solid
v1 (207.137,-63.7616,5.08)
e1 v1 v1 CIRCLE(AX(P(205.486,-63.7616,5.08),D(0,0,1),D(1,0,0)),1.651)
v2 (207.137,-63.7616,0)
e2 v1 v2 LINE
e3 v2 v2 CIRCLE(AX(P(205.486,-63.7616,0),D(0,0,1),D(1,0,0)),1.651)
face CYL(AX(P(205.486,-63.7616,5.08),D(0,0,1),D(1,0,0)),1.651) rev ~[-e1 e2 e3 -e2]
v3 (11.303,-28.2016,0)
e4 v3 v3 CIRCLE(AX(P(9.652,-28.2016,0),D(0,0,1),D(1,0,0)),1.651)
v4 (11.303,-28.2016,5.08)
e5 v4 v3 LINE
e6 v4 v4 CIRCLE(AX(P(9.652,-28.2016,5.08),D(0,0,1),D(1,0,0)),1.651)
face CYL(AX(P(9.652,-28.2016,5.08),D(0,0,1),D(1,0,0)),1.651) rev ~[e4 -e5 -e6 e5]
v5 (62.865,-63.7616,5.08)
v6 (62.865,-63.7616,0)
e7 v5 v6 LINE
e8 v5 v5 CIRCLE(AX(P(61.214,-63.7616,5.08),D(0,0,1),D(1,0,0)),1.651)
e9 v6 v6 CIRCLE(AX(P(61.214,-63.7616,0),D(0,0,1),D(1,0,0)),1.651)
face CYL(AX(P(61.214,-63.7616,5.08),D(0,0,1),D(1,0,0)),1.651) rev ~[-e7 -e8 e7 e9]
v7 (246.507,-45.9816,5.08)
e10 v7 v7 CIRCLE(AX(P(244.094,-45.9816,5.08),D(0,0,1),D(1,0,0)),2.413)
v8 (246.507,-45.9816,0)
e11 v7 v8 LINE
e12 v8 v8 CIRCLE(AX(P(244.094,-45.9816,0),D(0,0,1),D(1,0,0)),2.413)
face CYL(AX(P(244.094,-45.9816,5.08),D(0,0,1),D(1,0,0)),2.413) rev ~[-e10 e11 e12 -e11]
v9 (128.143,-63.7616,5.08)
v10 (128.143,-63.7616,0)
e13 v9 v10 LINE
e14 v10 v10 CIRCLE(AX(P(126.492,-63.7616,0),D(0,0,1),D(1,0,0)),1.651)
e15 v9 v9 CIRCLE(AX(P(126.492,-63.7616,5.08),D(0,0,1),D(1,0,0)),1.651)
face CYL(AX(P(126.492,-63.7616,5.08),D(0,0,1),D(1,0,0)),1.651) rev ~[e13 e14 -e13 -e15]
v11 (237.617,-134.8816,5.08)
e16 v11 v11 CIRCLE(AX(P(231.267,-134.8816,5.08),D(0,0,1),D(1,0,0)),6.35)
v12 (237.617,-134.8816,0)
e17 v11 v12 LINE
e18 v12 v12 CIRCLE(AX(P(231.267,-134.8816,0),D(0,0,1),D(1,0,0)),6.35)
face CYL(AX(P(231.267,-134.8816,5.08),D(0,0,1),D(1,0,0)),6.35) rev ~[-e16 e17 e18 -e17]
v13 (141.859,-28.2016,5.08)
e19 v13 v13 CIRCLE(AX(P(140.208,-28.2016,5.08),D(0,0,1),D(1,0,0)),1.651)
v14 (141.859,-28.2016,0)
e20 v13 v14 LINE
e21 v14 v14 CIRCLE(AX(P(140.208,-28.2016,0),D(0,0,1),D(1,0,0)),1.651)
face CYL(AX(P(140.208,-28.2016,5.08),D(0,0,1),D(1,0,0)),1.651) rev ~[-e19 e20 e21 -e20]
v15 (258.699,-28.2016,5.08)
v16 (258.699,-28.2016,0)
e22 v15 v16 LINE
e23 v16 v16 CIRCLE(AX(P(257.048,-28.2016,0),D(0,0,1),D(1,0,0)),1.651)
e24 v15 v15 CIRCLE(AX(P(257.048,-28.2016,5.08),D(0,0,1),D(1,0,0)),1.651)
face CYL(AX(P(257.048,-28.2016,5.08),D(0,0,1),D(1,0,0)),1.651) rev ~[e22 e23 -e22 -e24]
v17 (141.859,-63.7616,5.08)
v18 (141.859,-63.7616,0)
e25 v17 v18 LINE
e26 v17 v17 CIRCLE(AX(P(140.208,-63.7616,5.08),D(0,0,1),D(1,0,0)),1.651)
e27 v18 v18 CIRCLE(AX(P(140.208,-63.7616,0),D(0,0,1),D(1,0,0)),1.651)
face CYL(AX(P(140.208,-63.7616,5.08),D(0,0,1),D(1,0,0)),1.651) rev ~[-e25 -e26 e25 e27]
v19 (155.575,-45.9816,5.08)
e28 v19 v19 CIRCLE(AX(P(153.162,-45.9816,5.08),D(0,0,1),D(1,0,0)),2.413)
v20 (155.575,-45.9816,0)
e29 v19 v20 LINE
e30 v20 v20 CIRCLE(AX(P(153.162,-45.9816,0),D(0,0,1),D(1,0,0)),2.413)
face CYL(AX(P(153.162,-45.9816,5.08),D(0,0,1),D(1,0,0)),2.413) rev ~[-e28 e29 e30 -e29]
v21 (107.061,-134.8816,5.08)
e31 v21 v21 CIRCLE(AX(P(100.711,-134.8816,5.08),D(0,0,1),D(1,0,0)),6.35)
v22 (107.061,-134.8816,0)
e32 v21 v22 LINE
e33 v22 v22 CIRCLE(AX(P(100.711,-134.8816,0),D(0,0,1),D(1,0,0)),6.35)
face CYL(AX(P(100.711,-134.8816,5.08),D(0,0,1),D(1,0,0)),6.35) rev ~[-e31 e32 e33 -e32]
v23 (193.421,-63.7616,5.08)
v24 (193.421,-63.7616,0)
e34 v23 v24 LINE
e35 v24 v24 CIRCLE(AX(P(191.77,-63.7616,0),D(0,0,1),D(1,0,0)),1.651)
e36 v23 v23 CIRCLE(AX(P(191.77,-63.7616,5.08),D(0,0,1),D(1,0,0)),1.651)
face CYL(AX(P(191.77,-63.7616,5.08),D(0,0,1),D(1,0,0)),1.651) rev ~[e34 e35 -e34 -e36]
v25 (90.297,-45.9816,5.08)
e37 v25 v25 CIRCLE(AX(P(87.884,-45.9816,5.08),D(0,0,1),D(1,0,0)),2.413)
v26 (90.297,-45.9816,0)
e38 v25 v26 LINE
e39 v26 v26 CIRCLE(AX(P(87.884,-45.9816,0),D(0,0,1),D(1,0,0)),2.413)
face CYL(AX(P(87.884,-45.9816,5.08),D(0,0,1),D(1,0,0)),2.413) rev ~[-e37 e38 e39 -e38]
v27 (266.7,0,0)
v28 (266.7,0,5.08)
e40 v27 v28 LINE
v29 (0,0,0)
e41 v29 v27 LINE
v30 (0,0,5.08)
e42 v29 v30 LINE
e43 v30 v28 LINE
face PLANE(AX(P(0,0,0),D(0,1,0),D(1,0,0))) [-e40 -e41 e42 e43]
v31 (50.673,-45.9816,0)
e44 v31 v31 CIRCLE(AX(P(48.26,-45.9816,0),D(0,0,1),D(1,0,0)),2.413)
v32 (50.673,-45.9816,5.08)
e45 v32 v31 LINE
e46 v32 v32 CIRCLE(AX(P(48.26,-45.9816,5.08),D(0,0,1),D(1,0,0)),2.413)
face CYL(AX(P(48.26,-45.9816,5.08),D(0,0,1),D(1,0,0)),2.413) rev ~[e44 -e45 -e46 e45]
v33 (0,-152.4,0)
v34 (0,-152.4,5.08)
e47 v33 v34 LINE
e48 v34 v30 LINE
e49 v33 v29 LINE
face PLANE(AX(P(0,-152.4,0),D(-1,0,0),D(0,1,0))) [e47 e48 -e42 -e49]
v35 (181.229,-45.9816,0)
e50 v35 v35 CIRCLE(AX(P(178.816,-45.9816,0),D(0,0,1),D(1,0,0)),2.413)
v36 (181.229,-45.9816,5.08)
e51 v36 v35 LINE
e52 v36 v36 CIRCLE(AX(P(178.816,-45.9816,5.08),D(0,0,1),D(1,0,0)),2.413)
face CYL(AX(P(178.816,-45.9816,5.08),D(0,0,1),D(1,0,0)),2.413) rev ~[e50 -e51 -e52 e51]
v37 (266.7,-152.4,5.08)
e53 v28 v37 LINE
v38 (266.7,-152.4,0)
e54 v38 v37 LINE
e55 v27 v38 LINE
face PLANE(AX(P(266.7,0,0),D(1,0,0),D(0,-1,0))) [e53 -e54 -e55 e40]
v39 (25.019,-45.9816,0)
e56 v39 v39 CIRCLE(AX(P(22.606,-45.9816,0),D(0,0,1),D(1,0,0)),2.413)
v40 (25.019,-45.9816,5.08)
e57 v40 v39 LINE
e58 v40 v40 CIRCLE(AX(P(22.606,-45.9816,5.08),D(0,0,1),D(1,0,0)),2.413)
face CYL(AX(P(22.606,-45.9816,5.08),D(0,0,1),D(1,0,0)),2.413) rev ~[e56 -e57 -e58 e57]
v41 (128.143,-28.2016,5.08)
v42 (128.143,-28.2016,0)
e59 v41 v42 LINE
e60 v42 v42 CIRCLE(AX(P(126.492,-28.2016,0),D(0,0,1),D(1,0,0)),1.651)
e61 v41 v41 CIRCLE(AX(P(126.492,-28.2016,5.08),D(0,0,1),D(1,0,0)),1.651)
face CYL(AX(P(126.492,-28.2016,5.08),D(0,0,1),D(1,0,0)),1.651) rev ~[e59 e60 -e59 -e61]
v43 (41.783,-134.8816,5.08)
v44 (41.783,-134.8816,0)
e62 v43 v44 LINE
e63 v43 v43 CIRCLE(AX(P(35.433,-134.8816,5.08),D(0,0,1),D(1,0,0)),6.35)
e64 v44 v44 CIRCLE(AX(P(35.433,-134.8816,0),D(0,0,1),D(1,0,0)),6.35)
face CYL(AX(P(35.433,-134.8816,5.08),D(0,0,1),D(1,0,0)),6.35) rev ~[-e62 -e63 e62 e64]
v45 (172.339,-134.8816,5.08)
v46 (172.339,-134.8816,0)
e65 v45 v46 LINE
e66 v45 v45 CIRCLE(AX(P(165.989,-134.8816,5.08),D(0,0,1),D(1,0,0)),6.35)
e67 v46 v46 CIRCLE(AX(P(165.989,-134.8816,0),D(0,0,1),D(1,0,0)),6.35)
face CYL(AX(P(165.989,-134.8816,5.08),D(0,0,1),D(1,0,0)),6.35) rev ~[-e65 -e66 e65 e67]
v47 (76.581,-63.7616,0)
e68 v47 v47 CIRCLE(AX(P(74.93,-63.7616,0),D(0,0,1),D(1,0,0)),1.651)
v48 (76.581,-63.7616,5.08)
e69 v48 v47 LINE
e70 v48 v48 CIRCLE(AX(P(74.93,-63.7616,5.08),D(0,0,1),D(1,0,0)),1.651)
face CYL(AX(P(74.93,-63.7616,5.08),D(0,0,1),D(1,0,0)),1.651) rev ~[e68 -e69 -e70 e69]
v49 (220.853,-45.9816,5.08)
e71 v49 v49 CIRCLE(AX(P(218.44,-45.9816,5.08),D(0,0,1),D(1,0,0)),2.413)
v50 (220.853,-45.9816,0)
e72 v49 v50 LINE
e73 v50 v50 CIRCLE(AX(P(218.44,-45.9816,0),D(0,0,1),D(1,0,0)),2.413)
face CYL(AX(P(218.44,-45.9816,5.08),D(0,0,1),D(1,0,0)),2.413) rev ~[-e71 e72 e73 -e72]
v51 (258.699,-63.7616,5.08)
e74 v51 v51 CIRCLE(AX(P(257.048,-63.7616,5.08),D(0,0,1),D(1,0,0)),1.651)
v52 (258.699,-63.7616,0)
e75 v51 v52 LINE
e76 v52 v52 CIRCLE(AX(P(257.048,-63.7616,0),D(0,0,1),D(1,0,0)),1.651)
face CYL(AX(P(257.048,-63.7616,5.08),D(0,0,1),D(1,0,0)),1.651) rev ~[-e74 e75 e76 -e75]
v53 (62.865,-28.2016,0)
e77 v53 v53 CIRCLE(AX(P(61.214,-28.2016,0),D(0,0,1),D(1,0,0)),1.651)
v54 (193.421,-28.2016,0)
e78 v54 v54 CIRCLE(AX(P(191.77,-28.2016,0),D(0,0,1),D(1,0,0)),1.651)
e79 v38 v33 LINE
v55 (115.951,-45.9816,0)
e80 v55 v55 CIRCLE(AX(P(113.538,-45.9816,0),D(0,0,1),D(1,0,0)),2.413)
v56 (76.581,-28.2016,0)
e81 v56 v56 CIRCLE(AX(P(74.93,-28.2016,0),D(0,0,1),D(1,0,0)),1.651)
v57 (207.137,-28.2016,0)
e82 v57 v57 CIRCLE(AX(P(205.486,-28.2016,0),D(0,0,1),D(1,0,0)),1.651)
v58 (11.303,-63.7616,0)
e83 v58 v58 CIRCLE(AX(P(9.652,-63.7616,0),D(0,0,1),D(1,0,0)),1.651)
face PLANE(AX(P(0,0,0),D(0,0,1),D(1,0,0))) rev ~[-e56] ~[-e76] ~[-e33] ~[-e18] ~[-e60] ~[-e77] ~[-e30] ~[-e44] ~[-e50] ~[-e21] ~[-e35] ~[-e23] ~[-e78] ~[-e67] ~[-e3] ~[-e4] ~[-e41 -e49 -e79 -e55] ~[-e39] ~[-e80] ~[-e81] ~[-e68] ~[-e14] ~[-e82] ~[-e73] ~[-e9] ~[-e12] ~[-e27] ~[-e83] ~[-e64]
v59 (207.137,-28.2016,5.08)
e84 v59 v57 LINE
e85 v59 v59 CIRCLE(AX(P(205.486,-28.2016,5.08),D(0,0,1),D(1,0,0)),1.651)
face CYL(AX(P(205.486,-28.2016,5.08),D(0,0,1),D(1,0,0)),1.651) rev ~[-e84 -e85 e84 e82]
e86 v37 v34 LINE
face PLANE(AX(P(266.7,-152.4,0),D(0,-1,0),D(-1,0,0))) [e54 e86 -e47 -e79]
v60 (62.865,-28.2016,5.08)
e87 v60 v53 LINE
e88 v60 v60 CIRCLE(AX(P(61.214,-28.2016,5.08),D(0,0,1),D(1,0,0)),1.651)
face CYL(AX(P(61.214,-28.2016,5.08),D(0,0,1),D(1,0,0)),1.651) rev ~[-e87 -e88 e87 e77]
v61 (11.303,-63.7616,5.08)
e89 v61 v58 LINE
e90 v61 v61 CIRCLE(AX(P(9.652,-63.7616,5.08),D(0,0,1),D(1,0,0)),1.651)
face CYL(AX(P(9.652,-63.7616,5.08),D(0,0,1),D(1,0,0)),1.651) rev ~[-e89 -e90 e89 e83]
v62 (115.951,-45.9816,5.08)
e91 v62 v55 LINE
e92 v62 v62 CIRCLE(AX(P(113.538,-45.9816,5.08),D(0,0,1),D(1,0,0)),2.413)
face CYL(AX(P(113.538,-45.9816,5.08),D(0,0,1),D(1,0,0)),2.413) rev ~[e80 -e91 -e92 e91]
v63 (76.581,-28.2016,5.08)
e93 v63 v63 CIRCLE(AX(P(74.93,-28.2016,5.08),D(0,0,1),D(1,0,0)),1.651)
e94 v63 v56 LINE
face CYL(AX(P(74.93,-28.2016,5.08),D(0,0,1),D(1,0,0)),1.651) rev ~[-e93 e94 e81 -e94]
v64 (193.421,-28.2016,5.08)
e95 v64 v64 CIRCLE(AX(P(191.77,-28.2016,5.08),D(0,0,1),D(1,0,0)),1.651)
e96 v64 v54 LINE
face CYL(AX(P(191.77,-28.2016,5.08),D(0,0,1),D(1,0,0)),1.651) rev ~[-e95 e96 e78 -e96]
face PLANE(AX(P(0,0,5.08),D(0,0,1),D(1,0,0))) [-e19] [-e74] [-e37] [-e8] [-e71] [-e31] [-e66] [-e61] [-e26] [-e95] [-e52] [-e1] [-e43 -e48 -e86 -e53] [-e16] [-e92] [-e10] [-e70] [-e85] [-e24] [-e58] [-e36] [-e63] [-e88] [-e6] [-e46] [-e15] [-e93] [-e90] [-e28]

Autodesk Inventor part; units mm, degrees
ref_plane "YZ Plane" through (0, 0, 0) normal (1, 0, 0) x (0, 1, 0)
ref_plane "XZ Plane" through (0, 0, 0) normal (0, 1, 0) x (-1, 0, 0)
ref_plane "XY Plane" through (0, 0, 0) normal (0, 0, 1) x (1, 0, 0)
sketch "Sketch3" plane through (0, 0, 0) normal (0, 0, 1) x (1, 0, 0)
  line L0 (0, 0) -> (266.7, 0)
  line L1 (266.7, 0) -> (266.7, -152.4)
  line L2 (266.7, -152.4) -> (0, -152.4)
  line L3 (0, -152.4) -> (0, 0)
  dimension "d8" = 266.7
  dimension "d9" = 152.4
extrude "Extrusion3" add sketch "Sketch3" along normal blind 5.08
sketch "Sketch4" plane through (0, 0, 5.08) normal (0, 0, 1) x (1, 0, 0)
  line L0 (0, -152.4) -> (266.7, -152.4) projected
  line L1 (266.7, 0) -> (0, 0) projected
  line L2 (133.35, 0) -> (133.35, -152.4)
  line L3 (266.7, -152.4) -> (266.7, 0) projected
  circle A0 centre (126.492, -28.2016) radius 1.651
  circle A1 centre (140.208, -28.2016) radius 1.651
  circle A2 centre (191.77, -28.2016) radius 1.651
  circle A3 centre (74.93, -28.2016) radius 1.651
  circle A4 centre (205.486, -28.2016) radius 1.651
  circle A5 centre (61.214, -28.2016) radius 1.651
  circle A6 centre (257.048, -28.2016) radius 1.651
  circle A7 centre (9.652, -28.2016) radius 1.651
  circle A8 centre (140.208, -63.7616) radius 1.651
  circle A9 centre (126.492, -63.7616) radius 1.651
  circle A10 centre (191.77, -63.7616) radius 1.651
  circle A11 centre (74.93, -63.7616) radius 1.651
  circle A12 centre (205.486, -63.7616) radius 1.651
  circle A13 centre (61.214, -63.7616) radius 1.651
  circle A14 centre (257.048, -63.7616) radius 1.651
  circle A15 centre (9.652, -63.7616) radius 1.651
  circle A16 centre (153.162, -45.9816) radius 2.413
  circle A17 centre (113.538, -45.9816) radius 2.413
  circle A18 centre (178.816, -45.9816) radius 2.413
  circle A19 centre (87.884, -45.9816) radius 2.413
  circle A20 centre (218.44, -45.9816) radius 2.413
  circle A21 centre (48.26, -45.9816) radius 2.413
  circle A22 centre (244.094, -45.9816) radius 2.413
  circle A23 centre (22.606, -45.9816) radius 2.413
extrude "Extrusion5" cut sketch "Sketch4" against normal blind 25.4 contours A0 | A1 | A2 | A3 | A4 | A5 | A6 | A7 | A8 | A9 | A10 | A11 | A12 | A13 | A14 | A15 | A16 | A17 | A18 | A19 | A20 | A21 | A22 | A23
sketch "Sketch6" plane through (0, 0, 5.08) normal (0, 0, 1) x (1, 0, 0)
  circle A0 centre (22.606, -45.9816) radius 2.413 projected
  circle A1 centre (48.26, -45.9816) radius 2.413 projected
  circle A2 centre (87.884, -45.9816) radius 2.413 projected
  circle A3 centre (113.538, -45.9816) radius 2.413 projected
  line L0 (266.7, 0) -> (0, 0) projected
  line L1 (0, 0) -> (266.7, 0)
  line L2 (133.35, 0) -> (133.35, -152.4)
  line L3 (0, -152.4) -> (266.7, -152.4) projected
  circle A4 centre (35.433, -134.8816) radius 6.35
  circle A5 centre (100.711, -134.8816) radius 6.35
  circle A6 centre (231.267, -134.8816) radius 6.35
  circle A7 centre (165.989, -134.8816) radius 6.35
  dimension "d99" = 12.7
  dimension "d100" = 12.7
extrude "Extrusion6" cut sketch "Sketch6" against normal blind 25.4 contours A4 | A5 | A6 | A7
sketch "Sketch7" plane through (0, 0, 5.08) normal (0, 0, 1) x (1, 0, 0)
  point P0 (0, 0)
sketch "Sketch8" plane through (0, 0, 5.08) normal (0, 0, 1) x (1, 0, 0)
  line L0 (266.7, 0) -> (0, 0) projected
  line L1 (0, -152.4) -> (266.7, -152.4) projected
  circle A0 centre (165.989, -134.8816) radius 6.35 projected
  circle A1 centre (231.267, -134.8816) radius 6.35 projected
sketch "Sketch9" plane through (0, 0, 5.08) normal (0, 0, 1) x (1, 0, 0)
  line L0 (266.7, 0) -> (0, 0) projected
  line L1 (133.35, 0) -> (133.35, -152.4)
  line L2 (0, -152.4) -> (266.7, -152.4) projected
properties part number "Back wall"
